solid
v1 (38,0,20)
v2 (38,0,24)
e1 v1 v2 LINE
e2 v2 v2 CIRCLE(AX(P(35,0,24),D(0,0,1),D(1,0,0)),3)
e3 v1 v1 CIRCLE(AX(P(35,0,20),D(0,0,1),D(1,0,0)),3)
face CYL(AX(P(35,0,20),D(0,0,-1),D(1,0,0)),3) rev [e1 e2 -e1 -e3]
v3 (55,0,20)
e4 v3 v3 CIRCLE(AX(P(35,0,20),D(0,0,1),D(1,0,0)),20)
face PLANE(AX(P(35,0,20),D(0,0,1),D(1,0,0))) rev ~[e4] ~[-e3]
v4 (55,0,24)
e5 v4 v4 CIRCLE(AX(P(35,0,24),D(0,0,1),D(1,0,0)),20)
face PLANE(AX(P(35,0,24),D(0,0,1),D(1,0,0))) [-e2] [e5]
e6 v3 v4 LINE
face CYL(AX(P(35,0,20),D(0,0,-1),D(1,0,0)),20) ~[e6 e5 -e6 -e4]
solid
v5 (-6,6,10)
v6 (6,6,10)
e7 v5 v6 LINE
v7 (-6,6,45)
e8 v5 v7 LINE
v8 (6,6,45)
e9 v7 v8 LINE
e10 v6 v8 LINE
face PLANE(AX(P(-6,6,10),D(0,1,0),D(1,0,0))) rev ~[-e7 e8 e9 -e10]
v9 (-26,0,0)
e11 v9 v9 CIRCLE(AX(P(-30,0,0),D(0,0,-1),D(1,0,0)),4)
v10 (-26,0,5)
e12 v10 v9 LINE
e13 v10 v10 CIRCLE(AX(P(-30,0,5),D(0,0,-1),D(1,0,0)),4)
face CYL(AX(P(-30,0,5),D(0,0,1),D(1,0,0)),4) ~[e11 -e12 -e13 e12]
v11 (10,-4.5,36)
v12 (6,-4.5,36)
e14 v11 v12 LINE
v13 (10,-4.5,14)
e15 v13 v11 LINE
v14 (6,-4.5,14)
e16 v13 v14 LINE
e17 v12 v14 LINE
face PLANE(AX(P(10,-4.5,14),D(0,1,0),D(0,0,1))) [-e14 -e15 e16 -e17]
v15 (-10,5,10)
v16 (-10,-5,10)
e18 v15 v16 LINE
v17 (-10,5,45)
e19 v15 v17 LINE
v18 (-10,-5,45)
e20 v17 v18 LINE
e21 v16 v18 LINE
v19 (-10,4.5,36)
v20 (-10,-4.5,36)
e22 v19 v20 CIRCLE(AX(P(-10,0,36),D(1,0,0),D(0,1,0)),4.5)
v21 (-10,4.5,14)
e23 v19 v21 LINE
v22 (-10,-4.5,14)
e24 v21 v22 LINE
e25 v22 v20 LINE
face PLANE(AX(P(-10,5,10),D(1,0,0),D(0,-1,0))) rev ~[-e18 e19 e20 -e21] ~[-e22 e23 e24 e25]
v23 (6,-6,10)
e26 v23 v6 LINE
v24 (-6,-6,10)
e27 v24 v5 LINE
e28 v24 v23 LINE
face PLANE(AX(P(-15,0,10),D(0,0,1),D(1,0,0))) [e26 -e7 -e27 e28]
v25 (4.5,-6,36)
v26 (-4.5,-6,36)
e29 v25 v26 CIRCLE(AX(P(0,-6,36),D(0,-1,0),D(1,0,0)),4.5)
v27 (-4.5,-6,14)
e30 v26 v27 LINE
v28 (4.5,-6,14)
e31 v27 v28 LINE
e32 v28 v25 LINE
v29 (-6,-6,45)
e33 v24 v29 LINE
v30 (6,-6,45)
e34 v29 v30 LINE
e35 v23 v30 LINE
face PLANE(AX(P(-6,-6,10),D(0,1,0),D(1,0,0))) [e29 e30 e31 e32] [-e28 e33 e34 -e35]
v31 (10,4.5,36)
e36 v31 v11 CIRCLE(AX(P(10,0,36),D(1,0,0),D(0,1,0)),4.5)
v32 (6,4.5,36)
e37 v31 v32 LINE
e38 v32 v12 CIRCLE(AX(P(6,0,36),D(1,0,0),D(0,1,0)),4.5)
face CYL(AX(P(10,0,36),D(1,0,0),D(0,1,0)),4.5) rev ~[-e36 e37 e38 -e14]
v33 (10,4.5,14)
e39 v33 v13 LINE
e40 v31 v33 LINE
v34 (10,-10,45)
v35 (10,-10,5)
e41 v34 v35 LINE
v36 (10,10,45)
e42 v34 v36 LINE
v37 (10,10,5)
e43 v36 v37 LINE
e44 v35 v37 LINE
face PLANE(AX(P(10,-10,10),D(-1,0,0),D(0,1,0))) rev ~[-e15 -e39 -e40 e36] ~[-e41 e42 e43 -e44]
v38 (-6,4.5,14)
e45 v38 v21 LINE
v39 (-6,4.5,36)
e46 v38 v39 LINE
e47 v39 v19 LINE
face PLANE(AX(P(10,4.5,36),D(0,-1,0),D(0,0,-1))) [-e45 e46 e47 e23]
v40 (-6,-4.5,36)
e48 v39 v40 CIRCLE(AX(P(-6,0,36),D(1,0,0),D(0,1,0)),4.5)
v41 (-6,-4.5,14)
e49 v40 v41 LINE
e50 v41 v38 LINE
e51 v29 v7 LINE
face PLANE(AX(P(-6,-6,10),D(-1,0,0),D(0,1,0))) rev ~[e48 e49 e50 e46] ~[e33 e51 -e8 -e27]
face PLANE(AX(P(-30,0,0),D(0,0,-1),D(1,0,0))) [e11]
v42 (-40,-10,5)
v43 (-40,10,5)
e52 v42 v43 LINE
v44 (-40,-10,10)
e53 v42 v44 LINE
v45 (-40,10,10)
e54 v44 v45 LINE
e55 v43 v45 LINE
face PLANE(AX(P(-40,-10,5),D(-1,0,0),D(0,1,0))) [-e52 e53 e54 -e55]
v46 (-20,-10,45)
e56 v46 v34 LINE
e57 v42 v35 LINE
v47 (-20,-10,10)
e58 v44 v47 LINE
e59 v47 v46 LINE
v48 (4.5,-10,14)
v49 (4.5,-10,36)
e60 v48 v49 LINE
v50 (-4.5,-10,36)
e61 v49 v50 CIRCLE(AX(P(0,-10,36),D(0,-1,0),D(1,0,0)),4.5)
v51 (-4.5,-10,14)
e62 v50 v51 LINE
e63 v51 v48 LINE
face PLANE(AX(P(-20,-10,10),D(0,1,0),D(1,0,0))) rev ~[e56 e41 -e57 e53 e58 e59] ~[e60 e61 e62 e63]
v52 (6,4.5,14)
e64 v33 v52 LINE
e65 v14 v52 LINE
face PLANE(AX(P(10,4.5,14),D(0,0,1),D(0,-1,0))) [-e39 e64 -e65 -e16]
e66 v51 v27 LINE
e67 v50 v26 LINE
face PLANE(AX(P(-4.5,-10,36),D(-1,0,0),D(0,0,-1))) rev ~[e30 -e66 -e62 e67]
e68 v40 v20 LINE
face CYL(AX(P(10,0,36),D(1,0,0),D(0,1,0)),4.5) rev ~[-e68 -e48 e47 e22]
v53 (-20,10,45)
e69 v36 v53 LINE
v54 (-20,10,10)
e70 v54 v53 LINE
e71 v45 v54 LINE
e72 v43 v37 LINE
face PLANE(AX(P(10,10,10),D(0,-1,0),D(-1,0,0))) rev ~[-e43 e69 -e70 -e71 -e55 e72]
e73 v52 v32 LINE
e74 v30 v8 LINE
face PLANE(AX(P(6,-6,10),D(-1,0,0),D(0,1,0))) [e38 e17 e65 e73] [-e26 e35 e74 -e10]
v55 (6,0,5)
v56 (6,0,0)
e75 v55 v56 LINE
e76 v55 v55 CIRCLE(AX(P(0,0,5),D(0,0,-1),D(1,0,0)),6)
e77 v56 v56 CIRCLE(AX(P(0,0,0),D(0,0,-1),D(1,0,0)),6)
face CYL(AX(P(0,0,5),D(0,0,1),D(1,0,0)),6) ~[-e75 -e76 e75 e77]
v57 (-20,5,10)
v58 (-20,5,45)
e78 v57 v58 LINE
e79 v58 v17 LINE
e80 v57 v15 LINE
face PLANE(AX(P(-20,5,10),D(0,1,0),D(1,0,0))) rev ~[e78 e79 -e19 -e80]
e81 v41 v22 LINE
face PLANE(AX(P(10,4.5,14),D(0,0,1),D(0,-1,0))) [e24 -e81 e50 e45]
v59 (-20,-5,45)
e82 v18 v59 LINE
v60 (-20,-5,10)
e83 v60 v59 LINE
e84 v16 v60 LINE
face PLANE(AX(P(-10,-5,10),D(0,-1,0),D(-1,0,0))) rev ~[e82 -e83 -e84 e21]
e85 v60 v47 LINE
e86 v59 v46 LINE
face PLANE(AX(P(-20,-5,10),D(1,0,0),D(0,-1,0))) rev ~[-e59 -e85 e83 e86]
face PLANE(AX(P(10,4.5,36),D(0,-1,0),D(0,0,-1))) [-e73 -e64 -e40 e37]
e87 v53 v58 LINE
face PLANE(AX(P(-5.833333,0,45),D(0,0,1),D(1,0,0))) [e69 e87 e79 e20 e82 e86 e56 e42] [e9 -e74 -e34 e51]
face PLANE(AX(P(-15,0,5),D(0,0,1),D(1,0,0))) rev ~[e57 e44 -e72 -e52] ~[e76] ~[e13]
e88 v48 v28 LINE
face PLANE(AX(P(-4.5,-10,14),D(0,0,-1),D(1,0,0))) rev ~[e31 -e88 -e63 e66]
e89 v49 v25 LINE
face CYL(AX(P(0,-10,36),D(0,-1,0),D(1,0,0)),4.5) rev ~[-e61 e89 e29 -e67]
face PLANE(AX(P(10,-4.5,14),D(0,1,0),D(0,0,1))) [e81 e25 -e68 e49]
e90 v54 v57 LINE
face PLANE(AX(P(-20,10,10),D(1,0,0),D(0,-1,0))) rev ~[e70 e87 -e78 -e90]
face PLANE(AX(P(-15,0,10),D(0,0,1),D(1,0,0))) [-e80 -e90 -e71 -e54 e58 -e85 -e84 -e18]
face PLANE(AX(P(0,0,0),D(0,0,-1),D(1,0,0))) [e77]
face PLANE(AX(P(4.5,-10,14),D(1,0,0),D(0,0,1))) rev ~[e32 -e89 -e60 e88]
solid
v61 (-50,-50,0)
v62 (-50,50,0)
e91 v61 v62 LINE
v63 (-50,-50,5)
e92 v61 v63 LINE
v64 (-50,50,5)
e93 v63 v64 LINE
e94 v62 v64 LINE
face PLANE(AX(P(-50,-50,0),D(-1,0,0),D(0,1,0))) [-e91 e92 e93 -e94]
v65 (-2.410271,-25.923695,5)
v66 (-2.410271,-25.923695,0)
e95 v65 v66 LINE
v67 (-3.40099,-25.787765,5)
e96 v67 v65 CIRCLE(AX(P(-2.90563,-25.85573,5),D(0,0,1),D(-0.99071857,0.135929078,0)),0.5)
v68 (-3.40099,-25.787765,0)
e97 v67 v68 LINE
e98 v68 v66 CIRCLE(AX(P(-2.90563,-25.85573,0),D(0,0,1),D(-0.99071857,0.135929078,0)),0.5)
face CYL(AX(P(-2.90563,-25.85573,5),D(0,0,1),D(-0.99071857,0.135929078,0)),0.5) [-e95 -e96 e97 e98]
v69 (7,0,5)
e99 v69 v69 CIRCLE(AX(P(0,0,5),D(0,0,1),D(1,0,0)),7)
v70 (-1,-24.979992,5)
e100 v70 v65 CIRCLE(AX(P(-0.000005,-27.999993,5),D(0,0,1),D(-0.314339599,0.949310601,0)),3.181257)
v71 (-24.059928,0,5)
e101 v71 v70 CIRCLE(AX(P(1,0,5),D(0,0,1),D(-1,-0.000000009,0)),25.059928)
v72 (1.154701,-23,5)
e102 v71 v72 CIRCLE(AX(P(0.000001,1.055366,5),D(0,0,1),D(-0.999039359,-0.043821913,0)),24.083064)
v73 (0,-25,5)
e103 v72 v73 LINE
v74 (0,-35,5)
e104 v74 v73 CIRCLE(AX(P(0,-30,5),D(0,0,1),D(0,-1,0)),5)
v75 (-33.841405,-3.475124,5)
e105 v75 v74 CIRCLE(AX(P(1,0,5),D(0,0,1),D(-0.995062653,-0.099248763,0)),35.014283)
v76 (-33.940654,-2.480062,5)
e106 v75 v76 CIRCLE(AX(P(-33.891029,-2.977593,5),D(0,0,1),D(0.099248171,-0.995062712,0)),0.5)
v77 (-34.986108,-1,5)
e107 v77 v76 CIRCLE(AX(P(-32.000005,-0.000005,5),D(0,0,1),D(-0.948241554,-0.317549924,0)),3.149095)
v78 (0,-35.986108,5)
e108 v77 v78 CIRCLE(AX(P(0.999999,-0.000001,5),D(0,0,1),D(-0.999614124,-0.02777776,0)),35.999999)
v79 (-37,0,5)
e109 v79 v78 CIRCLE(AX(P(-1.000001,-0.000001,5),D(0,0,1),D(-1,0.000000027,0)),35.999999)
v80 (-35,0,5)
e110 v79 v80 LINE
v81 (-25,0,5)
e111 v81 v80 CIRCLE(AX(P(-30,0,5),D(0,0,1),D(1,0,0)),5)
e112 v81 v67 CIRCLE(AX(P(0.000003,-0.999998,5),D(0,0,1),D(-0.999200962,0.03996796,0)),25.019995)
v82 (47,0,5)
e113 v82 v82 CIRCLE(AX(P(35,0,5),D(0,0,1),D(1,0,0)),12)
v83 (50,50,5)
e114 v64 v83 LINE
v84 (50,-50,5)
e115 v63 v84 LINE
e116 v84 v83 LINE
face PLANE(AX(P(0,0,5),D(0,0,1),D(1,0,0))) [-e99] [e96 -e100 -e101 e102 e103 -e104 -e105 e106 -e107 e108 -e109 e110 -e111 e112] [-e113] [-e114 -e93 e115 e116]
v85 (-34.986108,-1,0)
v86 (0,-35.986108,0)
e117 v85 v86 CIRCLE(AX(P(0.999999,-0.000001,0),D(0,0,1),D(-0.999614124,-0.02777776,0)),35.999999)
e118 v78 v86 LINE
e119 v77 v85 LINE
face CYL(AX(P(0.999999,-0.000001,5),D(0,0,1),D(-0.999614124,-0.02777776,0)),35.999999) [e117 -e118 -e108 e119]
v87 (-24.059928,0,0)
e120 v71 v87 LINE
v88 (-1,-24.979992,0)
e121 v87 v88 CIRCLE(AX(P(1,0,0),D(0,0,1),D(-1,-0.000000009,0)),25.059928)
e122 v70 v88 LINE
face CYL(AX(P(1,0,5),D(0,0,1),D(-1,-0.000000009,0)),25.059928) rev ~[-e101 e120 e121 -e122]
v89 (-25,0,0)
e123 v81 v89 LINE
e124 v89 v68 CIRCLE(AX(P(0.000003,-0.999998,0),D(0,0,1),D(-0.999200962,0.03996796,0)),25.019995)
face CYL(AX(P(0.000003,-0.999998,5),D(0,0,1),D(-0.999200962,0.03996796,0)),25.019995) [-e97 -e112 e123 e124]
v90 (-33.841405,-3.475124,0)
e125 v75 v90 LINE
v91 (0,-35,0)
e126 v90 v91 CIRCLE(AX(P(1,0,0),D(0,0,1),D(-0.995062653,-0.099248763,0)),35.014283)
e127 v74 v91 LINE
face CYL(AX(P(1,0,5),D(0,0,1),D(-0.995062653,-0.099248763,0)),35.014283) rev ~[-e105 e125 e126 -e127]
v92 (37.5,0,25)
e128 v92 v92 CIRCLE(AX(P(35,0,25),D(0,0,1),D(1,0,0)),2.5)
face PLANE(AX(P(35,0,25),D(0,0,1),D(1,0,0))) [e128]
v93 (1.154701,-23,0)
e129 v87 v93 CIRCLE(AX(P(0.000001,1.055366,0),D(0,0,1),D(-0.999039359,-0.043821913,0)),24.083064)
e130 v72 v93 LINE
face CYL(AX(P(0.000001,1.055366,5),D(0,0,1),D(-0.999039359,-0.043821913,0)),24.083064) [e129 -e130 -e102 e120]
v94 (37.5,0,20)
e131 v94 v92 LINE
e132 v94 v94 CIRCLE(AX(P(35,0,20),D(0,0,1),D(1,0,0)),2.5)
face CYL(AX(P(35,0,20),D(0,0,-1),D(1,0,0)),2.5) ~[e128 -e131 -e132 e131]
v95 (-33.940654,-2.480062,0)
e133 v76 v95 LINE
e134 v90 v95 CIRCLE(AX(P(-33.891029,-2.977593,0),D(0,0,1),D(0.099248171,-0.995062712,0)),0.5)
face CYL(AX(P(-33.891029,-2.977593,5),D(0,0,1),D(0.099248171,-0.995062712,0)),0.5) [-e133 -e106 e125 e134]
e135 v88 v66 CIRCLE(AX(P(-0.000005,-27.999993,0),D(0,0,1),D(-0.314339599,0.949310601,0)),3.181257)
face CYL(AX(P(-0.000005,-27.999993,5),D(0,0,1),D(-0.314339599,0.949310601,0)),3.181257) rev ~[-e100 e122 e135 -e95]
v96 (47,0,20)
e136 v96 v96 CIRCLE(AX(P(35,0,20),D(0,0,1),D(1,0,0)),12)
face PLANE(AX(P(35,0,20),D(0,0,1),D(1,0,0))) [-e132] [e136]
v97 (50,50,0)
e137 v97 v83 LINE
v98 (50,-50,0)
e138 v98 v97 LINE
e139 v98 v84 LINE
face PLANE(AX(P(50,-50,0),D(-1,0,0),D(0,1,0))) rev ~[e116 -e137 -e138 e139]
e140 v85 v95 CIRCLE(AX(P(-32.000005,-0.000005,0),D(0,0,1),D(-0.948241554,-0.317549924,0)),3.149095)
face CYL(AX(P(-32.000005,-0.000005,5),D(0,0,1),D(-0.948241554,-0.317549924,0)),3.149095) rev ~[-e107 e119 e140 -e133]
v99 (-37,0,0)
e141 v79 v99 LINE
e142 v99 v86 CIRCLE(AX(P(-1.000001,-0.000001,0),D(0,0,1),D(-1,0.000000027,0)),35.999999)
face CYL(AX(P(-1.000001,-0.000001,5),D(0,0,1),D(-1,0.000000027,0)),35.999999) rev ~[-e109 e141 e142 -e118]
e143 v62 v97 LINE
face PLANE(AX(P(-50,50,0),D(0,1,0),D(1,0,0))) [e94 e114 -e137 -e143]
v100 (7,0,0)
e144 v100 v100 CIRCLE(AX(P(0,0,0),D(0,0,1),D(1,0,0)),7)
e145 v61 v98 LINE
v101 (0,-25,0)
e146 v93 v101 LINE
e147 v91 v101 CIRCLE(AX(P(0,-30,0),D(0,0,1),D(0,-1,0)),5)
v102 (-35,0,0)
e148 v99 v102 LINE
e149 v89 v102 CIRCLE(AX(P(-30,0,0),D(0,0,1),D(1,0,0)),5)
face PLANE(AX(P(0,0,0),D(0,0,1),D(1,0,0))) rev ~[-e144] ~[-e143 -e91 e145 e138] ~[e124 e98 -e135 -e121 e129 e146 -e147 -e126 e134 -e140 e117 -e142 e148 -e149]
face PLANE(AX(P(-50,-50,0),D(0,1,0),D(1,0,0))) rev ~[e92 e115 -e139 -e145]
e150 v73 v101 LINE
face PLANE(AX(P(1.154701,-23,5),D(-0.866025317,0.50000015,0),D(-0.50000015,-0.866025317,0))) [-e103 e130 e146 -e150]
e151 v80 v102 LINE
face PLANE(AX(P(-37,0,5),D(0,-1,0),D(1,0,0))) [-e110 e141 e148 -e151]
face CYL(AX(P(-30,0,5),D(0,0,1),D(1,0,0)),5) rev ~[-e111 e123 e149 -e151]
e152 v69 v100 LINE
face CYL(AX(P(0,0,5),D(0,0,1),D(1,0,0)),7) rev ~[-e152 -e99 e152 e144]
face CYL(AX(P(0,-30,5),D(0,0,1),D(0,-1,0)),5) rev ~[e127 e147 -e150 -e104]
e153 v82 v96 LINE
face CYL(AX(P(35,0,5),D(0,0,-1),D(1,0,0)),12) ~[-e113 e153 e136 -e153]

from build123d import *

# Parameters (mm, degrees)
SKETCH_W        = 100
SKETCH_H        = 100
PAD_DEPTH       = 5
SKETCH001_R     = 7
POCKET_DEPTH    = 5
SKETCH007_R     = 12
PAD004_DEPTH    = 15
SKETCH008_R     = 2.5
PAD005_DEPTH    = 5
SKETCH002_W     = 50
SKETCH002_H     = 20
PAD001_DEPTH    = 5
SKETCH003_R     = 6
SKETCH003_R_2   = 4
PAD002_DEPTH    = 5
SKETCH004_W     = 12
SKETCH004_H     = 12
PAD003_DEPTH    = 35
POCKET001_DEPTH = 20
POCKET002_DEPTH = 4
SKETCH009_R     = 20
SKETCH009_R_2   = 3
PAD006_DEPTH    = 4


with BuildPart() as plt:
    # Sketch → Pad (new body)
    with BuildSketch(Plane.XY):
        Rectangle(SKETCH_W, SKETCH_H)
    extrude(amount=PAD_DEPTH)

    # Sketch001 (on Face6 of Pad) → Pocket (cut)
    with BuildSketch(Plane.XY.offset(5)):
        Circle(SKETCH001_R)
        with BuildLine():
            ThreePointArc((-25, 0), (-30, 5), (-35, 0))
            Line((-37, 0), (-35, 0))
            ThreePointArc((-37, 0), (-26.099801, -25.806976), (0, -35.986108))
            ThreePointArc((-34.986108, -1), (-24.455844, -25.455844), (0, -35.986108))
            ThreePointArc((-34.986108, -1), (-34.572138, -1.816852), (-33.940654, -2.480062))
            ThreePointArc((-33.841405, -3.475124), (-33.393498, -2.927969), (-33.940654, -2.480062))
            ThreePointArc((-33.841405, -3.475124), (-22.86642, -25.620187), (0, -35))
            ThreePointArc((0, -35), (5, -30), (0, -25))
            Line((1.154701, -23), (0, -25))
            ThreePointArc((-24.059928, 0), (-16.229983, -16.737374), (1.154701, -23))
            ThreePointArc((-24.059928, 0), (-17.41358, -16.998237), (-1, -24.979992))
            ThreePointArc((-1, -24.979992), (-1.769218, -25.356079), (-2.410271, -25.923695))
            ThreePointArc((-3.40099, -25.787765), (-2.973596, -26.351089), (-2.410271, -25.923695))
            ThreePointArc((-25, 0), (-19.180882, -17.065296), (-3.40099, -25.787765))
        make_face()
    extrude(amount=-POCKET_DEPTH, mode=Mode.SUBTRACT)

    # Sketch007 (on Face5 of Pocket) → Pad004 (join)
    with BuildSketch(Plane.XY.offset(5)):
        with Locations((35, 0)):
            Circle(SKETCH007_R)
    extrude(amount=PAD004_DEPTH)

    # Sketch008 (on Face23 of Pad004) → Pad005 (join)
    with BuildSketch(Plane.XY.offset(20)):
        with Locations((35, 0)):
            Circle(SKETCH008_R)
    extrude(amount=PAD005_DEPTH)


with BuildPart() as der:
    # Sketch002 (on Face1 of CopyPocket) → Pad001 (new body)
    with BuildSketch(Plane.XY.offset(5)):
        with Locations((-15, 0)):
            Rectangle(SKETCH002_W, SKETCH002_H)
    extrude(amount=PAD001_DEPTH)

    # Sketch003 (on Face5 of Pad001) → Pad002 (join)
    with BuildSketch(Plane(origin=(0, 0, 5), x_dir=(1, 0, 0), z_dir=(0, 0, -1))):
        Circle(SKETCH003_R)
        with Locations((-30, 0)):
            Circle(SKETCH003_R_2)
    extrude(amount=PAD002_DEPTH)

    # Sketch004 (on Face5 of Pad002) → Pad003 (join)
    with BuildSketch(Plane.XY.offset(10)):
        Polygon((10, 10), (-20, 10), (-20, 5), (-10, 5), (-10, -5), (-20, -5), (-20, -10), (10, -10), align=None)
        Rectangle(SKETCH004_W, SKETCH004_H, mode=Mode.SUBTRACT)
    extrude(amount=PAD003_DEPTH)

    # Sketch005 (on Face10 of Pad003) → Pocket001 (cut)
    with BuildSketch(Plane.YZ.offset(10)):
        with BuildLine():
            Line((4.5, 14), (-4.5, 14))
            Line((-4.5, 14), (-4.5, 36))
            ThreePointArc((4.5, 36), (0, 40.5), (-4.5, 36))
            Line((4.5, 36), (4.5, 14))
        make_face()
    extrude(amount=-POCKET001_DEPTH, mode=Mode.SUBTRACT)

    # Sketch006 (on Face11 of Pocket001) → Pocket002 (cut)
    with BuildSketch(Plane.XZ.offset(10)):
        with BuildLine():
            Line((-4.5, 14), (4.5, 14))
            Line((4.5, 14), (4.5, 36))
            ThreePointArc((4.5, 36), (0, 40.5), (-4.5, 36))
            Line((-4.5, 36), (-4.5, 14))
        make_face()
    extrude(amount=-POCKET002_DEPTH, mode=Mode.SUBTRACT)


with BuildPart() as body004:
    # Sketch009 (on Face1 of CopyPad005) → Pad006 (new body)
    with BuildSketch(Plane.XY.offset(20)):
        with Locations((35, 0)):
            Circle(SKETCH009_R)
        with Locations((35, 0)):
            Circle(SKETCH009_R_2, mode=Mode.SUBTRACT)
    extrude(amount=PAD006_DEPTH)


solid = Compound([plt.part, der.part, body004.part])
